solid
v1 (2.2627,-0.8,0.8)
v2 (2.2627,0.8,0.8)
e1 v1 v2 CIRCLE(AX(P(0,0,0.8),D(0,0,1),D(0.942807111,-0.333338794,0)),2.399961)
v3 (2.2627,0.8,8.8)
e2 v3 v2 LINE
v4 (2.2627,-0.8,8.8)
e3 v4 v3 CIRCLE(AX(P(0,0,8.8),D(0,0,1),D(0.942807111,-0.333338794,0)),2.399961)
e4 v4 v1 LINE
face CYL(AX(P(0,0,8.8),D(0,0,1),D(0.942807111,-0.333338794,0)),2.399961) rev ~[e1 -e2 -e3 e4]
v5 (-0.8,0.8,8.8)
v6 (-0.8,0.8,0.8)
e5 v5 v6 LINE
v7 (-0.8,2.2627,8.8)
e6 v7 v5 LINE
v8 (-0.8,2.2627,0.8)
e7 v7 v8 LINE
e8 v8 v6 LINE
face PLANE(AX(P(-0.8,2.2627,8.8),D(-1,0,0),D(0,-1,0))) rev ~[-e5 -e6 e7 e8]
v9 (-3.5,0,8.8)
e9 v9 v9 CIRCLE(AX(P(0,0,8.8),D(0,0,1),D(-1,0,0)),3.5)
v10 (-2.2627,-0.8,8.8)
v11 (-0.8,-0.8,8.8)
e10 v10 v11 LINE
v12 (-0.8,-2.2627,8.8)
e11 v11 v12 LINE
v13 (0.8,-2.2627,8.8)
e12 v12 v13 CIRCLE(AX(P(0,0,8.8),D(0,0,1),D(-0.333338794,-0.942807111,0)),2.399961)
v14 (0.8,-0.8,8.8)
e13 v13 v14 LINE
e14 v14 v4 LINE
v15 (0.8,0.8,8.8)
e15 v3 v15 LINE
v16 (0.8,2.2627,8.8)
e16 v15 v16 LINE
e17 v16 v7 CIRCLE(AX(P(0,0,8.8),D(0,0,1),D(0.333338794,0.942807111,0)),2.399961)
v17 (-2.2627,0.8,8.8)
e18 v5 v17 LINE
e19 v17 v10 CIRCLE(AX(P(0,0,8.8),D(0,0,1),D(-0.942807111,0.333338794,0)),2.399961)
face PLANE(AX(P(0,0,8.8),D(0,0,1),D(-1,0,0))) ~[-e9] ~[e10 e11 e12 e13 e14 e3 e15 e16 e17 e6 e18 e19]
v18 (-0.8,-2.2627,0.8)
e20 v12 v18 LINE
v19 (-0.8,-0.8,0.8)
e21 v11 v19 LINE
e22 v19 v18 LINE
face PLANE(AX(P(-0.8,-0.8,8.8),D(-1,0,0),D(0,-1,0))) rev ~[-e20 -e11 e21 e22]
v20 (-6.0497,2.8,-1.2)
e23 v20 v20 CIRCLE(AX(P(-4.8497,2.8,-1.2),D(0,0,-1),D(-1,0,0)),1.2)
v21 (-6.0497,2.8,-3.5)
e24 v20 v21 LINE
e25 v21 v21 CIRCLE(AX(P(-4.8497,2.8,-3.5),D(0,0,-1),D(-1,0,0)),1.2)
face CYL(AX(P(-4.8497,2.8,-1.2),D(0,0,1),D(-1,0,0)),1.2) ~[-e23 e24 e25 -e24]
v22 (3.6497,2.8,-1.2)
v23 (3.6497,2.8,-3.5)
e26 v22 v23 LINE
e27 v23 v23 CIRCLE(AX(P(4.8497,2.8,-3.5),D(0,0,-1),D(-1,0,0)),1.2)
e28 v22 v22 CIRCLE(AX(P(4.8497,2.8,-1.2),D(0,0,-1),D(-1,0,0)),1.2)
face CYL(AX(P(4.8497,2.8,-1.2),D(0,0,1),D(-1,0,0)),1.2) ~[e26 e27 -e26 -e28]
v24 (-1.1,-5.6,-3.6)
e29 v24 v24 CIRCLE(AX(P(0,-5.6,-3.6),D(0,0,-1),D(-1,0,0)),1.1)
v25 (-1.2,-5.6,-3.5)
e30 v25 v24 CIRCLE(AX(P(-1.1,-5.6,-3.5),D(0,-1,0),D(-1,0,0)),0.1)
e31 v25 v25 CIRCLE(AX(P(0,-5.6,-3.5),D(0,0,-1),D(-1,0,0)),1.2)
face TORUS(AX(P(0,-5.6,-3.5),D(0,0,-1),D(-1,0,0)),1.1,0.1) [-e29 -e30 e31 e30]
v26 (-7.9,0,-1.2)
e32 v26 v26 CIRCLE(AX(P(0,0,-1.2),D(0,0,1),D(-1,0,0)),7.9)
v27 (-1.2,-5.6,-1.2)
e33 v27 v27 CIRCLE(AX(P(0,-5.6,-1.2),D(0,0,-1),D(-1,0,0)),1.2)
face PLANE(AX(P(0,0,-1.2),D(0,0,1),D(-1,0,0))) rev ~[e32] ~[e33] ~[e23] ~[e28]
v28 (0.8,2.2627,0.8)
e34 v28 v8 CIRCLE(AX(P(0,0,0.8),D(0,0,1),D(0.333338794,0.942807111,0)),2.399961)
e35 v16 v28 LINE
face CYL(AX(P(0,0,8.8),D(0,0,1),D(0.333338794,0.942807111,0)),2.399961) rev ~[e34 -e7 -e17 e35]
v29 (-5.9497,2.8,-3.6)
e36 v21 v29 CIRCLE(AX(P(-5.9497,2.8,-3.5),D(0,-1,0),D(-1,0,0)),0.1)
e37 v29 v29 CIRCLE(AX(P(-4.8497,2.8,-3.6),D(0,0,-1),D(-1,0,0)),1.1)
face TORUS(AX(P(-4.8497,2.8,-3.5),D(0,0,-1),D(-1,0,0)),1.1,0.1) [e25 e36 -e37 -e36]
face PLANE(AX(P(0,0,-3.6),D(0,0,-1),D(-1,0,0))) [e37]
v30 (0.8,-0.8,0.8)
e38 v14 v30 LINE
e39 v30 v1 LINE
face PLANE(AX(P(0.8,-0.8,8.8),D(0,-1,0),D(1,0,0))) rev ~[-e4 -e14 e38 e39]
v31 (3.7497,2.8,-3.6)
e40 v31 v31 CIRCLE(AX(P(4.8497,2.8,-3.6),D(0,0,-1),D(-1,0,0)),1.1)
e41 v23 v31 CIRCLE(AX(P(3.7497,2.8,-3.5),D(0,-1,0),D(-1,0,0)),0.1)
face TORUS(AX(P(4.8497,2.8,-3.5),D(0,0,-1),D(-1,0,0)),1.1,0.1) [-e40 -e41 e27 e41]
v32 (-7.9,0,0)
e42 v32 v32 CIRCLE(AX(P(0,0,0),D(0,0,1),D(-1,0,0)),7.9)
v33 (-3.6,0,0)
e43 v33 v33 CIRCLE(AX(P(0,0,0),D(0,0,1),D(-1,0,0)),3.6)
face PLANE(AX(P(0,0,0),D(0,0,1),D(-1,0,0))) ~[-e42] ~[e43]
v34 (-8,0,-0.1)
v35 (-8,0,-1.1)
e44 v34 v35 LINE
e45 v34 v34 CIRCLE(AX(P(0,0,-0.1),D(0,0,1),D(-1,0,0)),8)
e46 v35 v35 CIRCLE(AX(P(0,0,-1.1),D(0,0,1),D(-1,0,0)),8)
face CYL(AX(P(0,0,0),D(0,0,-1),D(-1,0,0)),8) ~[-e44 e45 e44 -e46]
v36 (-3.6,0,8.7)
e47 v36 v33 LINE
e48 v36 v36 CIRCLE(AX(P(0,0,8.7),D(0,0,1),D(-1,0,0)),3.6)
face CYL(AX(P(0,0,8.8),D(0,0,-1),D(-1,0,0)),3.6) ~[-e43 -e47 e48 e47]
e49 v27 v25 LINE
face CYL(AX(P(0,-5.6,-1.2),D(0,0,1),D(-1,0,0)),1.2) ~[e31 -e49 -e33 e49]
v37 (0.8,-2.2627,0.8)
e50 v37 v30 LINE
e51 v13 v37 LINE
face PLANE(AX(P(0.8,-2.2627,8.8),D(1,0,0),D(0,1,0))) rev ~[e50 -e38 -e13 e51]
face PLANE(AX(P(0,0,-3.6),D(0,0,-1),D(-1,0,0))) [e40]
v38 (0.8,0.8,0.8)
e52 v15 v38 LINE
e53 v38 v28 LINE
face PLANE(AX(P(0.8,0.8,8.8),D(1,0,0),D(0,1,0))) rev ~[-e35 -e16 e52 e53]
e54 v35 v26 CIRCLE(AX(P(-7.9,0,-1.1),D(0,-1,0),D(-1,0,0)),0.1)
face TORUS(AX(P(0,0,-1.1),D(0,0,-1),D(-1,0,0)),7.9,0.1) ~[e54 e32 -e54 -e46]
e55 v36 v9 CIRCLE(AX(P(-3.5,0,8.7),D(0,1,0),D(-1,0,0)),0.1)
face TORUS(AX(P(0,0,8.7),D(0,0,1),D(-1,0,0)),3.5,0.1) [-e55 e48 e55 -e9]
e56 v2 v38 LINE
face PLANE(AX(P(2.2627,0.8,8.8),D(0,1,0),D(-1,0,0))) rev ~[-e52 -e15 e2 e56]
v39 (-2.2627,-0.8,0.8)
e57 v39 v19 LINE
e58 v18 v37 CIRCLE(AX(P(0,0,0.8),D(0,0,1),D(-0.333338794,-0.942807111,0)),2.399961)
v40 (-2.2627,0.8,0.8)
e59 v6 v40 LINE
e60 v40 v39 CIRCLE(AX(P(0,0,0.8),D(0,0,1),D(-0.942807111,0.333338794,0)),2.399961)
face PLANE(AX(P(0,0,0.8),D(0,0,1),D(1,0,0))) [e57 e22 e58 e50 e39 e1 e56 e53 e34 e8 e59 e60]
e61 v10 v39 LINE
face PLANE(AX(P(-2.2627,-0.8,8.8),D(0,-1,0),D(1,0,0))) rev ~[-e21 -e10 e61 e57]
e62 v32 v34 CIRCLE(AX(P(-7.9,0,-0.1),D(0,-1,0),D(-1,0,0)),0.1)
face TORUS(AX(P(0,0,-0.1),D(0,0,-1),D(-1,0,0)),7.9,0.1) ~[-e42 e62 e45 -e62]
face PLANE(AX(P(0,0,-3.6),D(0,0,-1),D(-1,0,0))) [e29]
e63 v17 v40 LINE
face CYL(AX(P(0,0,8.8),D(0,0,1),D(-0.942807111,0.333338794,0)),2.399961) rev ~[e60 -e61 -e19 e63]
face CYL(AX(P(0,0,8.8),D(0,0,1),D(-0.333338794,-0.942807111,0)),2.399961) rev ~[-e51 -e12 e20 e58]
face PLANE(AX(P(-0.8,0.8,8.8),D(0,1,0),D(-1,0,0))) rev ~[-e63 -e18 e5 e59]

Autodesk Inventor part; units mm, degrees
ref_plane "YZ Plane" through (0, 0, 0) normal (1, 0, 0) x (0, 1, 0)
ref_plane "XZ Plane" through (0, 0, 0) normal (0, 1, 0) x (-1, 0, 0)
ref_plane "XY Plane" through (0, 0, 0) normal (0, 0, 1) x (1, 0, 0)
sketch "Sketch2" plane through (0, 0, 0) normal (0, 1, 0) x (-1, 0, 0)
  line L0 (3.6, 0) -> (8, 0)
  line L1 (8, 0) -> (8, -1.2)
  line L2 (8, -1.2) -> (0, -1.2)
  line L3 (0, -1.2) -> (0, 8.8)
  line L4 (0, 8.8) -> (3.6, 8.8)
  line L5 (3.6, 8.8) -> (3.6, 0)
  point P0 (0, 0)
  dimension "d0" = 7.2
  dimension "d1" = 16
  dimension "d2" = 1.2
  dimension "d3" = 8.8
revolve "Revolution1" add sketch "Sketch2" angle 360 about axis through (0, 0, -1.2) along (0, 0, 1)
sketch "Sketch3" plane through (0, 0, 8.8) normal (0, 0, 1) x (1, 0, 0)
  circle A0 centre (0, 0) radius 3.6 projected
  circle A1 centre (0, 0) radius 2.4 construction
  line L0 (-0.8, 2.2627) -> (-0.8, 0.8)
  line L1 (-0.8, 0.8) -> (-2.2627, 0.8)
  line L2 (-2.2627, -0.8) -> (-0.8, -0.8)
  line L3 (-0.8, -0.8) -> (-0.8, -2.2627)
  line L4 (0.8, -2.2627) -> (0.8, -0.8)
  line L5 (0.8, -0.8) -> (2.2627, -0.8)
  line L6 (2.2627, 0.8) -> (0.8, 0.8)
  line L7 (0.8, 0.8) -> (0.8, 2.2627)
  arc A2 (0.8, 2.2627) -> (-0.8, 2.2627) centre (0, 0) ccw
  arc A3 (-2.2627, 0.8) -> (-2.2627, -0.8) centre (0, 0) ccw
  arc A4 (-0.8, -2.2627) -> (0.8, -2.2627) centre (0, 0) ccw
  arc A5 (2.2627, -0.8) -> (2.2627, 0.8) centre (0, 0) ccw
  dimension "d5" = 4.8
  dimension "d6" = 1.6
extrude "Extrusion1" cut sketch "Sketch3" against normal blind 8 contours A2 L7 L6 A5 L5 L4 A4 L3 L2 A3 L1 L0
sketch "Sketch4" plane through (0, 0, -1.2) normal (0, 0, -1) x (-1, 0, 0)
  circle A0 centre (0, 0) radius 8 projected
  circle A1 centre (-4.8497, 2.8) radius 1.2
  circle A2 centre (4.8497, 2.8) radius 1.2
  circle A3 centre (0, -5.6) radius 1.2
  circle A4 centre (0, 0) radius 5.6 construction
  line L0 (-4.8497, 2.8) -> (0, 0) construction
  line L1 (0, 0) -> (4.8497, 2.8) construction
  dimension "d9" = 120
  dimension "d10" = 2.4
  dimension "d11" = 11.2
extrude "Extrusion2" add sketch "Sketch4" along normal blind 2.4 contours A1 | A2 | A3
fillet "Fillet1" radius 0.1 6 edges at (3.6, 0, 8.8) (8, 0, 0) (8, 0, -1.2) (6.0497, 2.8, -3.6) (-3.6497, 2.8, -3.6) (1.2, -5.6, -3.6)
equation "\"d0\" = tlad"
equation "\"d1\" = 2 * lu"
equation "\"d5\" = tpd"
equation "\"d6\" = axlet"
equation "\"d7\" = lu"
equation "\"d14\" = lf"
equation "\"tlad\" = 7.2"
equation "\"lu\" = 8"
equation "\"tpd\" = 4.8"
equation "\"axlet\" = 1.6"
equation "\"lf\" = 0.1"
properties part number "99543-Red" material "ABS Plastic"
